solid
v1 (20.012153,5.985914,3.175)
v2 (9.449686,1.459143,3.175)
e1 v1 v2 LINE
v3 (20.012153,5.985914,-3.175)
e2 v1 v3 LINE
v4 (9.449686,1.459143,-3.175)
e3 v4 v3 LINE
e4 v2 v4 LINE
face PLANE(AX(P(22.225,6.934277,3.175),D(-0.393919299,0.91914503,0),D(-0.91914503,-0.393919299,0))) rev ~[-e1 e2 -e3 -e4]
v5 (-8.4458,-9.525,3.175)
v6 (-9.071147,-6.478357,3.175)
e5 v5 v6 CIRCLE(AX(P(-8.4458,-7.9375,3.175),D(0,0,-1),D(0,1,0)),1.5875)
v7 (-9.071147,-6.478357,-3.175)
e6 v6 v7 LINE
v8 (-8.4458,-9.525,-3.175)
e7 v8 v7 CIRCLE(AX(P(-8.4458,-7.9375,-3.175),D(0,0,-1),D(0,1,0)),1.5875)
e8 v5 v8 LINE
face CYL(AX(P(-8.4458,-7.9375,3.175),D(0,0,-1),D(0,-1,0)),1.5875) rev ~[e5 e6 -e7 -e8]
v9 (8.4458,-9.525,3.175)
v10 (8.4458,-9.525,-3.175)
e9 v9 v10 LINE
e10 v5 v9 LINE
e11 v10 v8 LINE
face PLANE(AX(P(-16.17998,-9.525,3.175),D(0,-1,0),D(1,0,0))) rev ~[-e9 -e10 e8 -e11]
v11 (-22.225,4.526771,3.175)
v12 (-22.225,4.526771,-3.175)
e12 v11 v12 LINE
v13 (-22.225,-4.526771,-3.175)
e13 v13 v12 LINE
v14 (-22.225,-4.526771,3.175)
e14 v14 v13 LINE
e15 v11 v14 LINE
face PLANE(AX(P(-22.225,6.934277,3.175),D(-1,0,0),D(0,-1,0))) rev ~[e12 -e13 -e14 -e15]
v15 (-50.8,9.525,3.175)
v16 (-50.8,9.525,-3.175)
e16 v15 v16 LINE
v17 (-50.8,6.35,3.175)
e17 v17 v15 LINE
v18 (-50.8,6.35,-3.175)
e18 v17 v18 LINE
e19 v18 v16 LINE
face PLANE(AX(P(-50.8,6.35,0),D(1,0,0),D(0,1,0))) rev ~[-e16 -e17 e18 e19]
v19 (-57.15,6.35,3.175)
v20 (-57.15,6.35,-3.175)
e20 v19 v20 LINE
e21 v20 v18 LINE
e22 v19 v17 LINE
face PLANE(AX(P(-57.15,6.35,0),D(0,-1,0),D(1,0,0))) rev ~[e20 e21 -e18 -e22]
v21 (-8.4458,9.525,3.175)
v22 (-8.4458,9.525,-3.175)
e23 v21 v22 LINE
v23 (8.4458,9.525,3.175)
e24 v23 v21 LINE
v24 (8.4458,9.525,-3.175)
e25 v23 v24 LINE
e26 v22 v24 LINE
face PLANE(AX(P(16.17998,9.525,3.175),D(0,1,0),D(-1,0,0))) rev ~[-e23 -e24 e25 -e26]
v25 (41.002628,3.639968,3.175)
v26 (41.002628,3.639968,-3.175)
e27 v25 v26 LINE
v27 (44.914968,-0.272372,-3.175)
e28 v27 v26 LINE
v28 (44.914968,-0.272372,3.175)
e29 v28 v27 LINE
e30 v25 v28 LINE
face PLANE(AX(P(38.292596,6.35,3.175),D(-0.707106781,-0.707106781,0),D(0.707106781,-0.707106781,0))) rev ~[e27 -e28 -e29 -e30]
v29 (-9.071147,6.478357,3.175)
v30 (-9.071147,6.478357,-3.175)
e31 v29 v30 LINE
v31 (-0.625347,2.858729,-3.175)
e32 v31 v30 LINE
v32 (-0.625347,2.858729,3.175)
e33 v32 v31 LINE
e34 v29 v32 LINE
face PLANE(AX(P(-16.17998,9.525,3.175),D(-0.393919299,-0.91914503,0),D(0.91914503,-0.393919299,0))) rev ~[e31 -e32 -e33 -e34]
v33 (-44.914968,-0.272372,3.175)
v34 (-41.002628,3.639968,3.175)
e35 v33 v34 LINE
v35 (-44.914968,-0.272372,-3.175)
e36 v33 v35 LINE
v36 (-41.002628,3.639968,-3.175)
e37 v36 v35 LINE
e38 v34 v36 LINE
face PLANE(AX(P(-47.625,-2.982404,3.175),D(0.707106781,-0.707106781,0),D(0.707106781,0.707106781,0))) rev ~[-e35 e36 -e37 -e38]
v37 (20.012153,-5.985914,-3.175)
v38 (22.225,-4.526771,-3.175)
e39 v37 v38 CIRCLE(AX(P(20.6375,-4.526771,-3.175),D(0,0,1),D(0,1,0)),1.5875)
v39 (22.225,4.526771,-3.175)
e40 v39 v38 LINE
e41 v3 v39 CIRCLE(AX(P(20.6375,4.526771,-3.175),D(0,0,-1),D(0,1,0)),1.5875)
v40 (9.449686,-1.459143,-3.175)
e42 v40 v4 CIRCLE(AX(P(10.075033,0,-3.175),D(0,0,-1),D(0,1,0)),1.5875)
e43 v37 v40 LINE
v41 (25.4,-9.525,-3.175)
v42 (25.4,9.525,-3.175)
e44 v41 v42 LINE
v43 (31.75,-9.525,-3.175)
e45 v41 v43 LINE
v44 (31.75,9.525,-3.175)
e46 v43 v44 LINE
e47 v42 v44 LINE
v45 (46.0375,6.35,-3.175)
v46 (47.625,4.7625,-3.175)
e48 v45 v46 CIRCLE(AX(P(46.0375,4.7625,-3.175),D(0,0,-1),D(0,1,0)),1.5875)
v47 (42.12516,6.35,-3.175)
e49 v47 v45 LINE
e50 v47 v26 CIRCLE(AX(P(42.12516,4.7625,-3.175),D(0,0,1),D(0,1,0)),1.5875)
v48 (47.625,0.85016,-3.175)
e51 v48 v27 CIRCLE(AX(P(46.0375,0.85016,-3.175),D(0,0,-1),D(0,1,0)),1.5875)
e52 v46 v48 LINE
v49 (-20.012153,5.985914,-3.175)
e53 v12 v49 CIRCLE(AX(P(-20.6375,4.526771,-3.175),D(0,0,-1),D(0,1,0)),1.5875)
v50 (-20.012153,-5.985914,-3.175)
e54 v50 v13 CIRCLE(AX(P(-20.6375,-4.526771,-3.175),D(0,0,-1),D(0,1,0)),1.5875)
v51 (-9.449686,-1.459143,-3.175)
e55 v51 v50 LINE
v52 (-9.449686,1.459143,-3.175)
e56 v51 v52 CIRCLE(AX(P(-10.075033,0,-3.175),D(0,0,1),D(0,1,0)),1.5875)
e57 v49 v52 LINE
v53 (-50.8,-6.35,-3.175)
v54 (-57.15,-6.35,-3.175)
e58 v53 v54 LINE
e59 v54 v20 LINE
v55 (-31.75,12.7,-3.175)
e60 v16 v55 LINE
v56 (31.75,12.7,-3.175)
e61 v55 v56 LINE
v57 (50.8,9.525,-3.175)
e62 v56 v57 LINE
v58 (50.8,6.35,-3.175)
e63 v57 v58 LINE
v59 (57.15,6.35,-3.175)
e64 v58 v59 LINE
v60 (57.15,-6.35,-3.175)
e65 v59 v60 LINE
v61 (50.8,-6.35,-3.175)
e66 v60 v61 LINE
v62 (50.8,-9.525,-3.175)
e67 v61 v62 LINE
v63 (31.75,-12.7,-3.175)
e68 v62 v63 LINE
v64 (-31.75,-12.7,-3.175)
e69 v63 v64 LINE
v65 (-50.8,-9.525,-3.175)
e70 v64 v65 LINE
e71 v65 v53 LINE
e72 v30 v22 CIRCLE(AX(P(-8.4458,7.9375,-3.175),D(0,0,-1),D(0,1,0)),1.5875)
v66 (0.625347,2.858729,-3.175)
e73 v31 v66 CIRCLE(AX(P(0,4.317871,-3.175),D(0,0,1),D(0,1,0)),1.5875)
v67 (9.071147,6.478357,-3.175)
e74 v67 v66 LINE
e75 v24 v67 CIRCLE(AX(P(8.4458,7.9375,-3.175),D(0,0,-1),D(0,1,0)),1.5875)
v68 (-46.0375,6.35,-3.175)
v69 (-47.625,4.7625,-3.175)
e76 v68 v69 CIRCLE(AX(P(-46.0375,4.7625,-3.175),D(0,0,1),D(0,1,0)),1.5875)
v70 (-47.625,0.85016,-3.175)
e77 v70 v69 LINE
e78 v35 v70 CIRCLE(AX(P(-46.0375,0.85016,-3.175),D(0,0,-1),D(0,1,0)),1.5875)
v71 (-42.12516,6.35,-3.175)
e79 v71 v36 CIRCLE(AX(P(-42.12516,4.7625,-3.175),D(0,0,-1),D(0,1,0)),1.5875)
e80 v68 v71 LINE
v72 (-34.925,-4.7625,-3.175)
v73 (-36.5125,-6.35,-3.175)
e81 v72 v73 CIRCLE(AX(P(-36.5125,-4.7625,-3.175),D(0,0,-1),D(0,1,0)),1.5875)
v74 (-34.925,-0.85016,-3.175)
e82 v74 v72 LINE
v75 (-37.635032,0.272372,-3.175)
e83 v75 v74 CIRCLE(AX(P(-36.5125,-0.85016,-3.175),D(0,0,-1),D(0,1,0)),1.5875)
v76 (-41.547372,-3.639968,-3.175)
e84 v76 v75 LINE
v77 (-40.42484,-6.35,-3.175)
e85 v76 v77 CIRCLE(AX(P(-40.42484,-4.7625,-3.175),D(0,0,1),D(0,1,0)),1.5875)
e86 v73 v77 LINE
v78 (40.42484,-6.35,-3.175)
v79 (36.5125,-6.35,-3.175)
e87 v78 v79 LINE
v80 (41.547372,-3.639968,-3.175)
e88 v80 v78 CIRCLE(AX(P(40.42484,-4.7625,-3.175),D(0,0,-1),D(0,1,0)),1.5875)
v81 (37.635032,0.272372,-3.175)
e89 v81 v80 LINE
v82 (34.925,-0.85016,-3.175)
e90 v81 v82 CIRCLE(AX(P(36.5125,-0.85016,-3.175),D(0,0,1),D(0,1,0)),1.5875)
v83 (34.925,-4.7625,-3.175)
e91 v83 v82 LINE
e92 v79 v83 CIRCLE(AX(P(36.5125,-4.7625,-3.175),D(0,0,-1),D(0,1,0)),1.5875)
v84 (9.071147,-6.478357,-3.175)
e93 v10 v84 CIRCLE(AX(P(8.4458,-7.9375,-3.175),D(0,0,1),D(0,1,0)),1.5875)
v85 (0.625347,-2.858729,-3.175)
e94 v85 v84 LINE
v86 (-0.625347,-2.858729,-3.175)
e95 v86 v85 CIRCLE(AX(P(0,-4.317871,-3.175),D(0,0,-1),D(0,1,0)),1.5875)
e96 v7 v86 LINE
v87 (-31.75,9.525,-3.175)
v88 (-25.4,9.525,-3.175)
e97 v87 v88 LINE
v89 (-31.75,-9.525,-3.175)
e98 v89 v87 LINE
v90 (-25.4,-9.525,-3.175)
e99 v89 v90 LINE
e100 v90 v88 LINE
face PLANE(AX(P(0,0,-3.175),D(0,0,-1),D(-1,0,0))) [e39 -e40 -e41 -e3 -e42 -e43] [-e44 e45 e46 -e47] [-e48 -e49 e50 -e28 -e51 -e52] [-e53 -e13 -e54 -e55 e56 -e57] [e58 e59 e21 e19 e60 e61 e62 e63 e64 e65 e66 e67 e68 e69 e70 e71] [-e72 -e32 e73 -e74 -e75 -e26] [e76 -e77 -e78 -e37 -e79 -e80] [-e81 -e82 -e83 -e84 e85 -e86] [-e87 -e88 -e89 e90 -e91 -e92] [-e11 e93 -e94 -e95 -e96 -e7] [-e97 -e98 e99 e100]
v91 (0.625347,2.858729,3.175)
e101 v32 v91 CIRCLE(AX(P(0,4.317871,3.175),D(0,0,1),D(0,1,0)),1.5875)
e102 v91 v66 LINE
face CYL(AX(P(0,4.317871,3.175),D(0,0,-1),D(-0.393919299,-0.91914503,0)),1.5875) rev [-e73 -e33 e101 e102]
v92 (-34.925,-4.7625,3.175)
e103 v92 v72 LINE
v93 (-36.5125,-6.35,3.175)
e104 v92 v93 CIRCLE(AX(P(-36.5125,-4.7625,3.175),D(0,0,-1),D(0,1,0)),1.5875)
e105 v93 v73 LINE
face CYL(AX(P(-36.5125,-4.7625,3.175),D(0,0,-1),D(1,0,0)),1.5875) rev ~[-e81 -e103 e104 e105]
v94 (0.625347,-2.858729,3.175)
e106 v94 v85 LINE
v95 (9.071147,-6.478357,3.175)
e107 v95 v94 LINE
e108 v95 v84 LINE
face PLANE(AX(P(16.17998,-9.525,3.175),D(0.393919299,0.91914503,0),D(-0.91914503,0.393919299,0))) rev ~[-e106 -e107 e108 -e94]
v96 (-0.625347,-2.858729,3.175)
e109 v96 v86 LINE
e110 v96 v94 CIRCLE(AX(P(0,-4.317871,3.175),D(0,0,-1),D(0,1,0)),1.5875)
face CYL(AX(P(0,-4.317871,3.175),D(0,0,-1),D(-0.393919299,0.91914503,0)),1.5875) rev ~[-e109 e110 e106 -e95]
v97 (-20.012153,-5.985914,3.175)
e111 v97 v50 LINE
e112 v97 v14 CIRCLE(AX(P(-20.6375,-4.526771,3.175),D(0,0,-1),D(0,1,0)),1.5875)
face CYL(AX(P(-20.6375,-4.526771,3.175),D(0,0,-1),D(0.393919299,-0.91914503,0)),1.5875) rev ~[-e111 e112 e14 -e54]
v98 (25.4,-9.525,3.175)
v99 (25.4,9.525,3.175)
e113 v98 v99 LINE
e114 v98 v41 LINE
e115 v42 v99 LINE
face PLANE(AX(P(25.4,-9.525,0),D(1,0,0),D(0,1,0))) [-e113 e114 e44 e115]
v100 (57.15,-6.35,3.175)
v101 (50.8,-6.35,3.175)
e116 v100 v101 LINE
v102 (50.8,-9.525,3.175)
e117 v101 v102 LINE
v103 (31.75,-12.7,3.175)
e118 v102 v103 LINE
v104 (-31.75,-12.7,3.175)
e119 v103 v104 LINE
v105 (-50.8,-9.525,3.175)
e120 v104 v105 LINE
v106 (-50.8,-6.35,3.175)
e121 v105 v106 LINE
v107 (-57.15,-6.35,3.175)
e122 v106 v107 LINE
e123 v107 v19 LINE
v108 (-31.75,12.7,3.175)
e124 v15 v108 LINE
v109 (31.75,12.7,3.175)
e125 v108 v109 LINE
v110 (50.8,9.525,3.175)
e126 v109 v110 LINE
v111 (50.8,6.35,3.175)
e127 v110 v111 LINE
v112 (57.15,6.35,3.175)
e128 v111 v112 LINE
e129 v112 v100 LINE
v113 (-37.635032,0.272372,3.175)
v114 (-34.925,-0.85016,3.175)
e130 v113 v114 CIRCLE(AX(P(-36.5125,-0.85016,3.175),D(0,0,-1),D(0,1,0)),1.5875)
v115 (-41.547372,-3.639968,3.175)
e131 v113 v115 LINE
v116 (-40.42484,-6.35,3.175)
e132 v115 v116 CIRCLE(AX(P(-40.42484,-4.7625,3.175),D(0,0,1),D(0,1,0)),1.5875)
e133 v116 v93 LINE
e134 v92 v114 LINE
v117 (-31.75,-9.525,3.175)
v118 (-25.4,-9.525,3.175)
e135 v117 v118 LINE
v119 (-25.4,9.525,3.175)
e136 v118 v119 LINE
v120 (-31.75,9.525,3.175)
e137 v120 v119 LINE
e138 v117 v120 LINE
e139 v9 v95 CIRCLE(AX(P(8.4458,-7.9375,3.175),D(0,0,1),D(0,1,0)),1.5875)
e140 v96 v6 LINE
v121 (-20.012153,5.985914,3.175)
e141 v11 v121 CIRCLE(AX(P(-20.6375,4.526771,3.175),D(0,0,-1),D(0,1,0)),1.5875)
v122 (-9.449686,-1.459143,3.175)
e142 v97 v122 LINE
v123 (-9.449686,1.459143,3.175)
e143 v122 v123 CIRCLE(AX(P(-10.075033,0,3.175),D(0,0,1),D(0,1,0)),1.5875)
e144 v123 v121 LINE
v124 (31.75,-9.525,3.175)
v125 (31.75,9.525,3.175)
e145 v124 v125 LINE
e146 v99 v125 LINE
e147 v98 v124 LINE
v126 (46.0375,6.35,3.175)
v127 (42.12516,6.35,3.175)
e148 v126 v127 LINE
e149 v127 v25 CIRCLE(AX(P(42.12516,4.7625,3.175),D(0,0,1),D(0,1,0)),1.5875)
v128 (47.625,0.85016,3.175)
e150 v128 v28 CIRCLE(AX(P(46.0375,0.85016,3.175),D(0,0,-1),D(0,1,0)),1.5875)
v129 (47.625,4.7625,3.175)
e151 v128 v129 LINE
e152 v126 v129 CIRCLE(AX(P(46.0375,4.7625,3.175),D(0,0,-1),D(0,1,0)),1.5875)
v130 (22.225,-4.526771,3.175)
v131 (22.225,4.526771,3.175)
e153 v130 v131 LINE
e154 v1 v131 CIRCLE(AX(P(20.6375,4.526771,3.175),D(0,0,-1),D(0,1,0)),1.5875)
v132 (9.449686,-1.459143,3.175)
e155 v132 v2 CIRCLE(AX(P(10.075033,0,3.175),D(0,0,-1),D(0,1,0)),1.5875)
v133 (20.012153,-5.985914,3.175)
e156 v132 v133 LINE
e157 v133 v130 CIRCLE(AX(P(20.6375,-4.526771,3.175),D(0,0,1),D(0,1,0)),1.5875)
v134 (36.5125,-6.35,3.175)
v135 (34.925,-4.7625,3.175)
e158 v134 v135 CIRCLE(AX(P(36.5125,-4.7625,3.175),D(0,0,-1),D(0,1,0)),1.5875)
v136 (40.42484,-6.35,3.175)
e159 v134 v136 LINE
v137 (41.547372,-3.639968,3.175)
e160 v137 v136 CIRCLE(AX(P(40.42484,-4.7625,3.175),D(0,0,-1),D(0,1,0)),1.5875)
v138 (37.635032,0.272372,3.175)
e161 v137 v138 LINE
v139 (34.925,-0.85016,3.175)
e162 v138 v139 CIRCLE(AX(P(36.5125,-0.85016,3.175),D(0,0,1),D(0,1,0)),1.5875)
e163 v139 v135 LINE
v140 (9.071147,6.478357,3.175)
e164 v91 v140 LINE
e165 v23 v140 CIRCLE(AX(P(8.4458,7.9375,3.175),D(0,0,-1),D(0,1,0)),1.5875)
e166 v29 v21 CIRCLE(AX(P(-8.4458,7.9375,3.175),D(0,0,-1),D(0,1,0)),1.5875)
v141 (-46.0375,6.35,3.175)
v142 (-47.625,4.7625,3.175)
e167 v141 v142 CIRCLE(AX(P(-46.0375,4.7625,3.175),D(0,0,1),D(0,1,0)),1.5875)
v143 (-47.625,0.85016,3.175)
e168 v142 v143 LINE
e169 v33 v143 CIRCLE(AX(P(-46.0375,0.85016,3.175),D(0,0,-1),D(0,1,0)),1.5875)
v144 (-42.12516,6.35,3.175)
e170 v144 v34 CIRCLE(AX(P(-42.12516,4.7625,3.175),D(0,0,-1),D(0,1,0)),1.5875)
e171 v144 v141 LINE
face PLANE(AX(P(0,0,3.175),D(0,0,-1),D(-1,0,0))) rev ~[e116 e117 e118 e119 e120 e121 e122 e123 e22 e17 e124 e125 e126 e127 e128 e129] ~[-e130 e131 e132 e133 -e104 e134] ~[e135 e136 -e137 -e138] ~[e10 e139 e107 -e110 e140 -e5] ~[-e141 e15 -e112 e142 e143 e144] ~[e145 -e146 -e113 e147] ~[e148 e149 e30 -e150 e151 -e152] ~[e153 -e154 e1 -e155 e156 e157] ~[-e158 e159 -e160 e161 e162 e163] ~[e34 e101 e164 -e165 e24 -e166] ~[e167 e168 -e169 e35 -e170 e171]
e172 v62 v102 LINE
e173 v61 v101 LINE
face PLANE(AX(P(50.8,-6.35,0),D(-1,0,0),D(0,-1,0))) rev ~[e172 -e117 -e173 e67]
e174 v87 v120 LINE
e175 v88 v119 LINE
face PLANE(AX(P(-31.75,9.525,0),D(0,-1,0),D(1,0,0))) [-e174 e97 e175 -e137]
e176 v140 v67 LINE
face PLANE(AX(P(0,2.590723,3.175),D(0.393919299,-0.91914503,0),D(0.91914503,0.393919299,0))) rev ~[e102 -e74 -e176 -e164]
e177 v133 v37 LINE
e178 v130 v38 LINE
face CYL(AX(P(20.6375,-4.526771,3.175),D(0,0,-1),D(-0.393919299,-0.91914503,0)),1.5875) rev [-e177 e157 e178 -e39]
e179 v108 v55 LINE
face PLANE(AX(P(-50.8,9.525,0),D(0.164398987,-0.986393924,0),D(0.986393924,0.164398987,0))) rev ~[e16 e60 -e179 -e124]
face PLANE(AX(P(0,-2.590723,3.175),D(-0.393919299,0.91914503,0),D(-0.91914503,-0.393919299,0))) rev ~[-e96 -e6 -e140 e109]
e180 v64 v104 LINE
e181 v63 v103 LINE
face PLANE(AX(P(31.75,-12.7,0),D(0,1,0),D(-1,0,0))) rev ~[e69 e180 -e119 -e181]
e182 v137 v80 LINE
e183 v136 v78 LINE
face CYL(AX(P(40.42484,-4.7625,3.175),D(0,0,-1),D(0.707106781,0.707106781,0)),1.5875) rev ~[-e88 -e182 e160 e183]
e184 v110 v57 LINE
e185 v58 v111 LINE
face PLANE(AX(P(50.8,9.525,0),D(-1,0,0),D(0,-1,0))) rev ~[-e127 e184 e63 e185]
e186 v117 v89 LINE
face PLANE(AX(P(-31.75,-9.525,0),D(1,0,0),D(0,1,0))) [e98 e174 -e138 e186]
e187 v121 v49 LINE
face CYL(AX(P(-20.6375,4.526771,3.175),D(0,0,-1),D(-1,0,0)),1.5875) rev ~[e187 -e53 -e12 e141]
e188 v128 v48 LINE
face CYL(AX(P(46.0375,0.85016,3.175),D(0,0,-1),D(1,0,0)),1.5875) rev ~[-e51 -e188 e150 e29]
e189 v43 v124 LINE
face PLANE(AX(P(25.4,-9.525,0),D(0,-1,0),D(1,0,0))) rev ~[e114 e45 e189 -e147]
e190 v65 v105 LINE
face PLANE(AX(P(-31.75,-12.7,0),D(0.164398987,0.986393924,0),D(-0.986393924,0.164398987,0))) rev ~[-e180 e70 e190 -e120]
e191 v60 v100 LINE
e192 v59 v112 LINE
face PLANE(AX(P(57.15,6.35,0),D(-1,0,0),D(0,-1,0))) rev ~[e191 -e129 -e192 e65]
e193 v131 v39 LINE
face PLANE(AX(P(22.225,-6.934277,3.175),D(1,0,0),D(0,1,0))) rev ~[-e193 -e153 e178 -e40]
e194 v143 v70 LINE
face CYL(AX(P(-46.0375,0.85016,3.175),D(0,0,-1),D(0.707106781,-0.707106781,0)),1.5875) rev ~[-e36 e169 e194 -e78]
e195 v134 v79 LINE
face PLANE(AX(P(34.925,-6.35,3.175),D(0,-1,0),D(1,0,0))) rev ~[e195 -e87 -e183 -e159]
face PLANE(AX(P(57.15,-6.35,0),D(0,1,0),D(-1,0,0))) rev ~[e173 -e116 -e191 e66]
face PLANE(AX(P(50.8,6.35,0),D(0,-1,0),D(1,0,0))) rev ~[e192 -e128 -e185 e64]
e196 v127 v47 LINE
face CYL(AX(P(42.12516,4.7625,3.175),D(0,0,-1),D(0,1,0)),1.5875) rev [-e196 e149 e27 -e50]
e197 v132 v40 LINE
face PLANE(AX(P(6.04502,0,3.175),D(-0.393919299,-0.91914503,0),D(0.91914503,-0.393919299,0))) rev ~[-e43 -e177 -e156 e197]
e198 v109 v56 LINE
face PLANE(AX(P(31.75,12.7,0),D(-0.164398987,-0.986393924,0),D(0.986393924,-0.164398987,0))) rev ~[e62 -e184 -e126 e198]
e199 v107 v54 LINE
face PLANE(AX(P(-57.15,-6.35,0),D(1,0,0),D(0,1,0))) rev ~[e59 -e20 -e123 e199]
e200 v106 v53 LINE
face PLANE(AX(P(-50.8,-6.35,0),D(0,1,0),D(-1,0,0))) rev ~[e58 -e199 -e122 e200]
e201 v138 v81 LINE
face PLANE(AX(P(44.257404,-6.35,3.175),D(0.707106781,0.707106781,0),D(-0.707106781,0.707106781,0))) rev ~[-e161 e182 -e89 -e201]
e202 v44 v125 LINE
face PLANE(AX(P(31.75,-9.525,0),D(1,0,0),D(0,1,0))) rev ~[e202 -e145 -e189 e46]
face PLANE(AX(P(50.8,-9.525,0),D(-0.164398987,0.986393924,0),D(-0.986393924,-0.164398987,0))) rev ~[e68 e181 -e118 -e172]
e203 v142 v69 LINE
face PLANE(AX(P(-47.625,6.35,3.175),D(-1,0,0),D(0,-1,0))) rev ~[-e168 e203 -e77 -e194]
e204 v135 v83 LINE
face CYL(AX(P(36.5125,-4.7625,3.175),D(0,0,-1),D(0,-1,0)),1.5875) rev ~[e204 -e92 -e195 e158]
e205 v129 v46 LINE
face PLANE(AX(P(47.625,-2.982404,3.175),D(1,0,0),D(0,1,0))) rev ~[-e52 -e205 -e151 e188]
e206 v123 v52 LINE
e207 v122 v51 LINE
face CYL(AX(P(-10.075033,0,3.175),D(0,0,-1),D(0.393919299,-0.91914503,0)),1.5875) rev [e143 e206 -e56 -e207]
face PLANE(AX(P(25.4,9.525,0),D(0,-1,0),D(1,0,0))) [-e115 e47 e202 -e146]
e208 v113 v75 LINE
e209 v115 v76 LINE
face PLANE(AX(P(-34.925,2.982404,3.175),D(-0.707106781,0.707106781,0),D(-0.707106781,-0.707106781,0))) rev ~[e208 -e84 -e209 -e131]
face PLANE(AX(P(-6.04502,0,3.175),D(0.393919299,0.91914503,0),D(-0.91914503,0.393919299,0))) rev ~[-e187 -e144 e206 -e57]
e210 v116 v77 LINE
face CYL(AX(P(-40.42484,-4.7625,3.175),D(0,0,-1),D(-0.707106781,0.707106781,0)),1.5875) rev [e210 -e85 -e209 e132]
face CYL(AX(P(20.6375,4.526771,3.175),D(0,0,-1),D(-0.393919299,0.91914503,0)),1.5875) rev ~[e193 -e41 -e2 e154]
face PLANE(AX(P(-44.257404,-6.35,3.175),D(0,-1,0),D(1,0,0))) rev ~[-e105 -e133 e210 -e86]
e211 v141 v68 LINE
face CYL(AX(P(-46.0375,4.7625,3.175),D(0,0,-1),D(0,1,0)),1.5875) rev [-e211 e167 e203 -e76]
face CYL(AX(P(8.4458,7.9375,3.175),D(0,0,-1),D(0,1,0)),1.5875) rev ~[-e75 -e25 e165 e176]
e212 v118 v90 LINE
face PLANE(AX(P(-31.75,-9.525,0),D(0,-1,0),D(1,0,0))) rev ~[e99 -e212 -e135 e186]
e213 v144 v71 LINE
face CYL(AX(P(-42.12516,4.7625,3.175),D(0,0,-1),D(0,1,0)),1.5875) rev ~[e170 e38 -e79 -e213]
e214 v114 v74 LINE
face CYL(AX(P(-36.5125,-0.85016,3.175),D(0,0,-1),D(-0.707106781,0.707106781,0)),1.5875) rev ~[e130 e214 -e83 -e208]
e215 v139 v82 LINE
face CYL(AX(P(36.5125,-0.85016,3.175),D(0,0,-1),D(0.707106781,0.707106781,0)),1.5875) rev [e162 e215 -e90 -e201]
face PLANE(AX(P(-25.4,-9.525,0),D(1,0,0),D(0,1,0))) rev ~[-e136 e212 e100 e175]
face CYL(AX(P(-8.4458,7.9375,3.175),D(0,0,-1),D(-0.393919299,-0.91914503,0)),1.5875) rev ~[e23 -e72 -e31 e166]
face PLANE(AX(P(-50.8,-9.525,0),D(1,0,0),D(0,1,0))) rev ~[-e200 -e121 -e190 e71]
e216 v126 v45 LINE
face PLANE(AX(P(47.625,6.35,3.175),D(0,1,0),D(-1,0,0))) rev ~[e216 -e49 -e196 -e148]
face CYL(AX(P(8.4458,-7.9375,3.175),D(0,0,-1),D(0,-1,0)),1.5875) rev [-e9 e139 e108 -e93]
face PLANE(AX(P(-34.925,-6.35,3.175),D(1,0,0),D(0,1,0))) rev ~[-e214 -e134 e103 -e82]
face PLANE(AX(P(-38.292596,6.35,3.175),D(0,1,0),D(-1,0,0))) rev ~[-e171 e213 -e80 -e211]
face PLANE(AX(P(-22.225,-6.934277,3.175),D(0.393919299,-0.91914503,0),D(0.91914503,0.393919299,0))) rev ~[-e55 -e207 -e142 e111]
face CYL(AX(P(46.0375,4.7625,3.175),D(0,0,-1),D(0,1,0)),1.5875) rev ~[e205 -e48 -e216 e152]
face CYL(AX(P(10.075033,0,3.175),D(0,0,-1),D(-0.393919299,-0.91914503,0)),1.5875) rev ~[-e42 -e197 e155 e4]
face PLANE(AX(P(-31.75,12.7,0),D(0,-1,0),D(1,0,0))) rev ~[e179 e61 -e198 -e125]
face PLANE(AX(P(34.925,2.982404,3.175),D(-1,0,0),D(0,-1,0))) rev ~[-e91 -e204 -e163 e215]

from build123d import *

# Parameters (mm, degrees)
SKETCH1_W           = 6.35
SKETCH1_H           = 19.05
BOSS_EXTRUDE1_DEPTH = 3.175
CUT_EXTRUDE1_DEPTH  = 7.35
FILLET1_R           = 1.5875


with BuildPart() as part:
    # Sketch1 → Boss-Extrude1 (new body, symmetric)
    with BuildSketch(Plane.XY):
        Polygon((-50.8, -9.525), (-50.8, -6.35), (-57.15, -6.35), (-57.15, 6.35), (-50.8, 6.35), (-50.8, 9.525), (-31.75, 12.7), (31.75, 12.7), (50.8, 9.525), (50.8, 6.35), (57.15, 6.35), (57.15, -6.35), (50.8, -6.35), (50.8, -9.525), (31.75, -12.7), (-31.75, -12.7), align=None)
        with Locations((-28.575, 0)):
            Rectangle(SKETCH1_W, SKETCH1_H, mode=Mode.SUBTRACT)
        with Locations((28.575, 0)):
            Rectangle(SKETCH1_W, SKETCH1_H, mode=Mode.SUBTRACT)
    extrude(amount=BOSS_EXTRUDE1_DEPTH, both=True)

    # Sketch2 → Cut-Extrude1 (cut, through all)
    with BuildSketch(Plane.XY.offset(3.175)):
        Polygon((-38.292596045, 6.35), (-47.625, 6.35), (-47.625, -2.982403955), align=None)
        Polygon((-34.925, 2.982403955), (-44.257403955, -6.35), (-34.925, -6.35), align=None)
        Polygon((-22.225, -6.934277185), (-6.045019903, 0), (-22.225, 6.934277185), align=None)
        Polygon((-16.179980097, 9.525), (0, 2.590722815), (16.179980097, 9.525), align=None)
        Polygon((6.045019903, 0), (22.225, -6.934277185), (22.225, 6.934277185), align=None)
        Polygon((-16.179980097, -9.525), (16.179980097, -9.525), (0, -2.590722815), align=None)
        Polygon((44.257403955, -6.35), (34.925, 2.982403955), (34.925, -6.35), align=None)
        Polygon((47.625, 6.35), (38.292596045, 6.35), (47.625, -2.982403955), align=None)
    extrude(amount=-CUT_EXTRUDE1_DEPTH, mode=Mode.SUBTRACT)

    # Fillet1
    fillet1_edges = [part.edges().sort_by_distance(p)[0] for p in [
        (16.179980097, 9.525, 0),
        (0, 2.590722815, 0),
        (-16.179980097, 9.525, 0),
        (22.225, 6.934277185, 0),
        (22.225, -6.934277185, 0),
        (6.045019903, 0, 0),
        (-6.045019903, 0, 0),
        (-22.225, -6.934277185, 0),
        (-22.225, 6.934277185, 0),
        (-34.925, 2.982403955, 0),
        (-34.925, -6.35, 0),
        (-44.257403955, -6.35, 0),
        (38.292596045, 6.35, 0),
        (47.625, 6.35, 0),
        (47.625, -2.982403955, 0),
        (44.257403955, -6.35, 0),
        (34.925, -6.35, 0),
        (34.925, 2.982403955, 0),
        (0, -2.590722815, 0),
        (16.179980097, -9.525, 0),
        (-16.179980097, -9.525, 0),
        (-38.292596045, 6.35, 0),
        (-47.625, -2.982403955, 0),
        (-47.625, 6.35, 0),
    ]]
    fillet(fillet1_edges, radius=FILLET1_R)


solid = part.part
